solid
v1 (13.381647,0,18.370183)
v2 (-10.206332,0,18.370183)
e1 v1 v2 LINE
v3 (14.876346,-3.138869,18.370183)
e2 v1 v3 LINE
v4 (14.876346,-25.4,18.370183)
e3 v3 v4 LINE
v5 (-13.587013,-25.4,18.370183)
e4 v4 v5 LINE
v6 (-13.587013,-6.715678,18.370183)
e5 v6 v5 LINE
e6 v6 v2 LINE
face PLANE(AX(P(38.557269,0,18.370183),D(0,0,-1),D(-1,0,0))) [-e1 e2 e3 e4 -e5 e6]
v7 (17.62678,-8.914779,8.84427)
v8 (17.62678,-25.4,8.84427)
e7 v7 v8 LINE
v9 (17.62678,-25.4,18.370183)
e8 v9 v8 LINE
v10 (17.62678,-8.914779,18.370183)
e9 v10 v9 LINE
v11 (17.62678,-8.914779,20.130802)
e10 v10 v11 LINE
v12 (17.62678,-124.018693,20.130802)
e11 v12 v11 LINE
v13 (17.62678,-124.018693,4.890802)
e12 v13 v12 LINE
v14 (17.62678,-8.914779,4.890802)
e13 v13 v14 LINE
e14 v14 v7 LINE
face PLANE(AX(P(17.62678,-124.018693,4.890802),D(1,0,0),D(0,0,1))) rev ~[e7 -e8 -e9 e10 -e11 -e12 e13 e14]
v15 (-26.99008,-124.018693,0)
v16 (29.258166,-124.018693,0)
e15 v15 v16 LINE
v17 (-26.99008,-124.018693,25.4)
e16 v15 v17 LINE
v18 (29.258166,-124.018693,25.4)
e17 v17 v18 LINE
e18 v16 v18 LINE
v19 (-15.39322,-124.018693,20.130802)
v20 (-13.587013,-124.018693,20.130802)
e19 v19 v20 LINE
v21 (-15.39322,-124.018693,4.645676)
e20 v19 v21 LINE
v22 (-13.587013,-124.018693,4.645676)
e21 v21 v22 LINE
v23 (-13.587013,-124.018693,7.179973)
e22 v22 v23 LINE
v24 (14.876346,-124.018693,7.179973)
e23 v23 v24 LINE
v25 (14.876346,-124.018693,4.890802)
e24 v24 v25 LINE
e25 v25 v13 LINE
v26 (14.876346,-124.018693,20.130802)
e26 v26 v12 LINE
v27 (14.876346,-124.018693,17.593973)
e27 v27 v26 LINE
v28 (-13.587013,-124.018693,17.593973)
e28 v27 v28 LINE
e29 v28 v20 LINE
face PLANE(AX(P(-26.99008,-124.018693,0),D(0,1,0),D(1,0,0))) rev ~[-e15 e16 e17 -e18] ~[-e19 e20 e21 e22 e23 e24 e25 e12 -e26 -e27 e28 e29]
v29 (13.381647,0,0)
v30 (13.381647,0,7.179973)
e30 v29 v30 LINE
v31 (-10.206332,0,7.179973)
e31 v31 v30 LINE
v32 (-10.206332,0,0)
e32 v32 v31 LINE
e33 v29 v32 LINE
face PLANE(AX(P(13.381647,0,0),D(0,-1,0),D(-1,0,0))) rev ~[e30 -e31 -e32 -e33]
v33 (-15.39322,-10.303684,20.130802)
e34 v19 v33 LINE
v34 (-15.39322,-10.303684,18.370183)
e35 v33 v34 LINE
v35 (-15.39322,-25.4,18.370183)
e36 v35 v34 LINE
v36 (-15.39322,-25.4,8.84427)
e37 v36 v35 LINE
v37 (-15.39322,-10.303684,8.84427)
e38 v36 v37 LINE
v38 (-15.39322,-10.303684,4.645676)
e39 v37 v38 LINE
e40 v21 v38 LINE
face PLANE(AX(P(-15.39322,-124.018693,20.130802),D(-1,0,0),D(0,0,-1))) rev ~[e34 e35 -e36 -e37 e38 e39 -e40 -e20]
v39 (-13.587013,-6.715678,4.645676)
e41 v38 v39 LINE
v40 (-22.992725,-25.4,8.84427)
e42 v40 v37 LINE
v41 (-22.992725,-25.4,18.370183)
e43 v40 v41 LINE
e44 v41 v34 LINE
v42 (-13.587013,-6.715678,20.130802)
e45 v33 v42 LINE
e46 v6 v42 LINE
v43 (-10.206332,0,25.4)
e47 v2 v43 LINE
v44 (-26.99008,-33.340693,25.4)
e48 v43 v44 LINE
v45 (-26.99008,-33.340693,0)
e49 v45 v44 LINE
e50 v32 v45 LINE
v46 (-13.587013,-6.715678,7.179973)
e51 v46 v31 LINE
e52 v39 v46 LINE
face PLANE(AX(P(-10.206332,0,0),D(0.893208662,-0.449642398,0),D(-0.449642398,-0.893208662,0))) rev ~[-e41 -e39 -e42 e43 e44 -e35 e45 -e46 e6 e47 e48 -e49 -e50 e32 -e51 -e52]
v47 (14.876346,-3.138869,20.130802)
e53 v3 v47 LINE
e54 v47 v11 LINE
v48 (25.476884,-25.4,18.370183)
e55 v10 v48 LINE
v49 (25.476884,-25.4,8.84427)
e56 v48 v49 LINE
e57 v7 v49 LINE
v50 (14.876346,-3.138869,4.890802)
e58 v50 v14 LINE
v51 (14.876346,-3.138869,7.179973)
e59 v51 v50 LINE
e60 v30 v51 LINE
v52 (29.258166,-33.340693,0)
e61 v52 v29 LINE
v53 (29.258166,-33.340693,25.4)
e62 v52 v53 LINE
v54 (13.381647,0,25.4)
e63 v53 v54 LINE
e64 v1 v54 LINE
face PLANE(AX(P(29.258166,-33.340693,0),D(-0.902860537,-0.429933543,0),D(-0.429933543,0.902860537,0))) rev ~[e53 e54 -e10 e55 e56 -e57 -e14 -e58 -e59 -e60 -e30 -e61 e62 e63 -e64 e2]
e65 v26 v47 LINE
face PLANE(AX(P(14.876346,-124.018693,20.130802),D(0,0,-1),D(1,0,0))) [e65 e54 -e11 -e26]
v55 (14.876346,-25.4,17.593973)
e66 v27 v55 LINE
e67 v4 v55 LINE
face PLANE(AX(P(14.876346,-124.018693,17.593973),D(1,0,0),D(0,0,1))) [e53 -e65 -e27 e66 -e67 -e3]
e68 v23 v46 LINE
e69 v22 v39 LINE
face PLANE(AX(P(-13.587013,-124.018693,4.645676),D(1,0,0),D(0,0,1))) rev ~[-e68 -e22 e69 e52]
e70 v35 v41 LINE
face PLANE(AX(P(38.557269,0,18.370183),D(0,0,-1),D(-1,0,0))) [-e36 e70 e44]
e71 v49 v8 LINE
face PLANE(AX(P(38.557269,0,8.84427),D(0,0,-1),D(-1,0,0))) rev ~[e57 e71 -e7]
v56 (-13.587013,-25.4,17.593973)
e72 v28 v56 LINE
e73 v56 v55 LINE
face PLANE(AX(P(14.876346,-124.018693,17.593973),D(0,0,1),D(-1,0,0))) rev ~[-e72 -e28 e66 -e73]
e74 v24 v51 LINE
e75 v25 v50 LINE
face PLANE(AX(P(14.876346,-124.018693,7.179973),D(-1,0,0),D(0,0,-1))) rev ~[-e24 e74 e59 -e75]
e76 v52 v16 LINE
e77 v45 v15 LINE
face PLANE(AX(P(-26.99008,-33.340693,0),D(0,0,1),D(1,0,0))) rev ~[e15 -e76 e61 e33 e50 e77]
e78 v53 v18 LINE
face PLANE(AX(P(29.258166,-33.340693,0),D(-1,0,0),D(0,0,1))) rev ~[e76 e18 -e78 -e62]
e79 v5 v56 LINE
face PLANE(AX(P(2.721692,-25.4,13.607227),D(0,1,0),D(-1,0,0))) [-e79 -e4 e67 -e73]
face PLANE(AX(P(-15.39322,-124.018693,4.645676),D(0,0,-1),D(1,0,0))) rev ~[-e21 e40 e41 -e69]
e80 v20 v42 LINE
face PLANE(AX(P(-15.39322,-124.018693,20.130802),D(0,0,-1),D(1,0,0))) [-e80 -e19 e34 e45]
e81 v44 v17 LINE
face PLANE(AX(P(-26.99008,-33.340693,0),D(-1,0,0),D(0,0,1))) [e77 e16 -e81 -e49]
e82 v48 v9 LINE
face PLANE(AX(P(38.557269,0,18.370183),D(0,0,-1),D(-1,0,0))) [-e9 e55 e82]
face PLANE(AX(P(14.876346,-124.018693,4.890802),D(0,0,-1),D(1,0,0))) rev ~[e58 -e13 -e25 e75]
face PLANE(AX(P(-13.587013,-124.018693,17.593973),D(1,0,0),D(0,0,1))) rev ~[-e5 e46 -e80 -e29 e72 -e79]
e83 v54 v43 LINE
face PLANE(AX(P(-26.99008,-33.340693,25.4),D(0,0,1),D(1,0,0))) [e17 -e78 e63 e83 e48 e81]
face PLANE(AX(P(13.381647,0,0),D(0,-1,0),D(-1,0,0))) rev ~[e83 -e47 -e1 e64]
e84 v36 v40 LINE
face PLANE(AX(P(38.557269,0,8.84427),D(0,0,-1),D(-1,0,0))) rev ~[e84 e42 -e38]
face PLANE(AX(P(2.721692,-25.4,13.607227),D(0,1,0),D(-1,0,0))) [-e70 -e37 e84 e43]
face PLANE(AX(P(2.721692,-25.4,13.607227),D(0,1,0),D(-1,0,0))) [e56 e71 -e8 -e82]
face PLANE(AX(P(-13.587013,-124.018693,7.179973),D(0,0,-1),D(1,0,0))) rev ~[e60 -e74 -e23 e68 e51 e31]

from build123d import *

# Parameters (mm, degrees)
F1_DEPTH = 25.4
F2_W     = 71.67115435
F2_H     = 9.5259128138
F3_DEPTH = 25.4
F4_DEPTH = 90.678
F5_W     = 2.7504333318
F5_H     = 2.2891710663
F5_H_2   = 10.414
F5_W_2   = 28.4633595034
F5_H_3   = 2.5368289337
F5_W_3   = 1.8062071648
F5_H_4   = 2.5342966719
F6_DEPTH = 254


with BuildPart() as f1:
    # F0 (on Top) → F1 (new body)
    with BuildSketch(Plane.XY):
        Polygon((13.3816469461, 0), (-10.2063324302, 0), (-26.9900802523, -33.3406925201), (29.2581655085, -33.3406925201), align=None)
    extrude(amount=F1_DEPTH)

    # F2 (on face) → F3 (cut)
    with BuildSketch(Plane(origin=(0, 0, 0), x_dir=(-1, 0, 0), z_dir=(0, 1, 0))):
        with Locations((-2.7216915041, 13.6072267778)):
            Rectangle(F2_W, F2_H)
    extrude(amount=-F3_DEPTH, mode=Mode.SUBTRACT)

    # F4 (add): a face of the model
    f4_faces = [f1.faces().sort_by_distance(p)[0] for p in [
        (1.1340426281, -33.3406925201, 12.7),
    ]]
    extrude(f4_faces, amount=F4_DEPTH)

    # F5 (on face) → F6 (cut)
    with BuildSketch(Plane.XZ.offset(124.0186925201)):
        with Locations((16.251562838, 6.0353870775)):
            Rectangle(F5_W, F5_H)
        with Locations((16.251562838, 12.3869726107)):
            Rectangle(F5_W, F5_H_2)
        with Locations((0.6446664204, 12.3869726107)):
            Rectangle(F5_W_2, F5_H_2)
        with Locations((16.251562838, 18.8623870775)):
            Rectangle(F5_W, F5_H_3)
        with Locations((-14.4901169138, 5.9128242747)):
            Rectangle(F5_W_3, F5_H_4)
        with Locations((-14.4901169138, 12.3869726107)):
            Rectangle(F5_W_3, F5_H_2)
        with Locations((-14.4901169138, 18.8623870775)):
            Rectangle(F5_W_3, F5_H_3)
    extrude(amount=-F6_DEPTH, mode=Mode.SUBTRACT)


solid = f1.part
